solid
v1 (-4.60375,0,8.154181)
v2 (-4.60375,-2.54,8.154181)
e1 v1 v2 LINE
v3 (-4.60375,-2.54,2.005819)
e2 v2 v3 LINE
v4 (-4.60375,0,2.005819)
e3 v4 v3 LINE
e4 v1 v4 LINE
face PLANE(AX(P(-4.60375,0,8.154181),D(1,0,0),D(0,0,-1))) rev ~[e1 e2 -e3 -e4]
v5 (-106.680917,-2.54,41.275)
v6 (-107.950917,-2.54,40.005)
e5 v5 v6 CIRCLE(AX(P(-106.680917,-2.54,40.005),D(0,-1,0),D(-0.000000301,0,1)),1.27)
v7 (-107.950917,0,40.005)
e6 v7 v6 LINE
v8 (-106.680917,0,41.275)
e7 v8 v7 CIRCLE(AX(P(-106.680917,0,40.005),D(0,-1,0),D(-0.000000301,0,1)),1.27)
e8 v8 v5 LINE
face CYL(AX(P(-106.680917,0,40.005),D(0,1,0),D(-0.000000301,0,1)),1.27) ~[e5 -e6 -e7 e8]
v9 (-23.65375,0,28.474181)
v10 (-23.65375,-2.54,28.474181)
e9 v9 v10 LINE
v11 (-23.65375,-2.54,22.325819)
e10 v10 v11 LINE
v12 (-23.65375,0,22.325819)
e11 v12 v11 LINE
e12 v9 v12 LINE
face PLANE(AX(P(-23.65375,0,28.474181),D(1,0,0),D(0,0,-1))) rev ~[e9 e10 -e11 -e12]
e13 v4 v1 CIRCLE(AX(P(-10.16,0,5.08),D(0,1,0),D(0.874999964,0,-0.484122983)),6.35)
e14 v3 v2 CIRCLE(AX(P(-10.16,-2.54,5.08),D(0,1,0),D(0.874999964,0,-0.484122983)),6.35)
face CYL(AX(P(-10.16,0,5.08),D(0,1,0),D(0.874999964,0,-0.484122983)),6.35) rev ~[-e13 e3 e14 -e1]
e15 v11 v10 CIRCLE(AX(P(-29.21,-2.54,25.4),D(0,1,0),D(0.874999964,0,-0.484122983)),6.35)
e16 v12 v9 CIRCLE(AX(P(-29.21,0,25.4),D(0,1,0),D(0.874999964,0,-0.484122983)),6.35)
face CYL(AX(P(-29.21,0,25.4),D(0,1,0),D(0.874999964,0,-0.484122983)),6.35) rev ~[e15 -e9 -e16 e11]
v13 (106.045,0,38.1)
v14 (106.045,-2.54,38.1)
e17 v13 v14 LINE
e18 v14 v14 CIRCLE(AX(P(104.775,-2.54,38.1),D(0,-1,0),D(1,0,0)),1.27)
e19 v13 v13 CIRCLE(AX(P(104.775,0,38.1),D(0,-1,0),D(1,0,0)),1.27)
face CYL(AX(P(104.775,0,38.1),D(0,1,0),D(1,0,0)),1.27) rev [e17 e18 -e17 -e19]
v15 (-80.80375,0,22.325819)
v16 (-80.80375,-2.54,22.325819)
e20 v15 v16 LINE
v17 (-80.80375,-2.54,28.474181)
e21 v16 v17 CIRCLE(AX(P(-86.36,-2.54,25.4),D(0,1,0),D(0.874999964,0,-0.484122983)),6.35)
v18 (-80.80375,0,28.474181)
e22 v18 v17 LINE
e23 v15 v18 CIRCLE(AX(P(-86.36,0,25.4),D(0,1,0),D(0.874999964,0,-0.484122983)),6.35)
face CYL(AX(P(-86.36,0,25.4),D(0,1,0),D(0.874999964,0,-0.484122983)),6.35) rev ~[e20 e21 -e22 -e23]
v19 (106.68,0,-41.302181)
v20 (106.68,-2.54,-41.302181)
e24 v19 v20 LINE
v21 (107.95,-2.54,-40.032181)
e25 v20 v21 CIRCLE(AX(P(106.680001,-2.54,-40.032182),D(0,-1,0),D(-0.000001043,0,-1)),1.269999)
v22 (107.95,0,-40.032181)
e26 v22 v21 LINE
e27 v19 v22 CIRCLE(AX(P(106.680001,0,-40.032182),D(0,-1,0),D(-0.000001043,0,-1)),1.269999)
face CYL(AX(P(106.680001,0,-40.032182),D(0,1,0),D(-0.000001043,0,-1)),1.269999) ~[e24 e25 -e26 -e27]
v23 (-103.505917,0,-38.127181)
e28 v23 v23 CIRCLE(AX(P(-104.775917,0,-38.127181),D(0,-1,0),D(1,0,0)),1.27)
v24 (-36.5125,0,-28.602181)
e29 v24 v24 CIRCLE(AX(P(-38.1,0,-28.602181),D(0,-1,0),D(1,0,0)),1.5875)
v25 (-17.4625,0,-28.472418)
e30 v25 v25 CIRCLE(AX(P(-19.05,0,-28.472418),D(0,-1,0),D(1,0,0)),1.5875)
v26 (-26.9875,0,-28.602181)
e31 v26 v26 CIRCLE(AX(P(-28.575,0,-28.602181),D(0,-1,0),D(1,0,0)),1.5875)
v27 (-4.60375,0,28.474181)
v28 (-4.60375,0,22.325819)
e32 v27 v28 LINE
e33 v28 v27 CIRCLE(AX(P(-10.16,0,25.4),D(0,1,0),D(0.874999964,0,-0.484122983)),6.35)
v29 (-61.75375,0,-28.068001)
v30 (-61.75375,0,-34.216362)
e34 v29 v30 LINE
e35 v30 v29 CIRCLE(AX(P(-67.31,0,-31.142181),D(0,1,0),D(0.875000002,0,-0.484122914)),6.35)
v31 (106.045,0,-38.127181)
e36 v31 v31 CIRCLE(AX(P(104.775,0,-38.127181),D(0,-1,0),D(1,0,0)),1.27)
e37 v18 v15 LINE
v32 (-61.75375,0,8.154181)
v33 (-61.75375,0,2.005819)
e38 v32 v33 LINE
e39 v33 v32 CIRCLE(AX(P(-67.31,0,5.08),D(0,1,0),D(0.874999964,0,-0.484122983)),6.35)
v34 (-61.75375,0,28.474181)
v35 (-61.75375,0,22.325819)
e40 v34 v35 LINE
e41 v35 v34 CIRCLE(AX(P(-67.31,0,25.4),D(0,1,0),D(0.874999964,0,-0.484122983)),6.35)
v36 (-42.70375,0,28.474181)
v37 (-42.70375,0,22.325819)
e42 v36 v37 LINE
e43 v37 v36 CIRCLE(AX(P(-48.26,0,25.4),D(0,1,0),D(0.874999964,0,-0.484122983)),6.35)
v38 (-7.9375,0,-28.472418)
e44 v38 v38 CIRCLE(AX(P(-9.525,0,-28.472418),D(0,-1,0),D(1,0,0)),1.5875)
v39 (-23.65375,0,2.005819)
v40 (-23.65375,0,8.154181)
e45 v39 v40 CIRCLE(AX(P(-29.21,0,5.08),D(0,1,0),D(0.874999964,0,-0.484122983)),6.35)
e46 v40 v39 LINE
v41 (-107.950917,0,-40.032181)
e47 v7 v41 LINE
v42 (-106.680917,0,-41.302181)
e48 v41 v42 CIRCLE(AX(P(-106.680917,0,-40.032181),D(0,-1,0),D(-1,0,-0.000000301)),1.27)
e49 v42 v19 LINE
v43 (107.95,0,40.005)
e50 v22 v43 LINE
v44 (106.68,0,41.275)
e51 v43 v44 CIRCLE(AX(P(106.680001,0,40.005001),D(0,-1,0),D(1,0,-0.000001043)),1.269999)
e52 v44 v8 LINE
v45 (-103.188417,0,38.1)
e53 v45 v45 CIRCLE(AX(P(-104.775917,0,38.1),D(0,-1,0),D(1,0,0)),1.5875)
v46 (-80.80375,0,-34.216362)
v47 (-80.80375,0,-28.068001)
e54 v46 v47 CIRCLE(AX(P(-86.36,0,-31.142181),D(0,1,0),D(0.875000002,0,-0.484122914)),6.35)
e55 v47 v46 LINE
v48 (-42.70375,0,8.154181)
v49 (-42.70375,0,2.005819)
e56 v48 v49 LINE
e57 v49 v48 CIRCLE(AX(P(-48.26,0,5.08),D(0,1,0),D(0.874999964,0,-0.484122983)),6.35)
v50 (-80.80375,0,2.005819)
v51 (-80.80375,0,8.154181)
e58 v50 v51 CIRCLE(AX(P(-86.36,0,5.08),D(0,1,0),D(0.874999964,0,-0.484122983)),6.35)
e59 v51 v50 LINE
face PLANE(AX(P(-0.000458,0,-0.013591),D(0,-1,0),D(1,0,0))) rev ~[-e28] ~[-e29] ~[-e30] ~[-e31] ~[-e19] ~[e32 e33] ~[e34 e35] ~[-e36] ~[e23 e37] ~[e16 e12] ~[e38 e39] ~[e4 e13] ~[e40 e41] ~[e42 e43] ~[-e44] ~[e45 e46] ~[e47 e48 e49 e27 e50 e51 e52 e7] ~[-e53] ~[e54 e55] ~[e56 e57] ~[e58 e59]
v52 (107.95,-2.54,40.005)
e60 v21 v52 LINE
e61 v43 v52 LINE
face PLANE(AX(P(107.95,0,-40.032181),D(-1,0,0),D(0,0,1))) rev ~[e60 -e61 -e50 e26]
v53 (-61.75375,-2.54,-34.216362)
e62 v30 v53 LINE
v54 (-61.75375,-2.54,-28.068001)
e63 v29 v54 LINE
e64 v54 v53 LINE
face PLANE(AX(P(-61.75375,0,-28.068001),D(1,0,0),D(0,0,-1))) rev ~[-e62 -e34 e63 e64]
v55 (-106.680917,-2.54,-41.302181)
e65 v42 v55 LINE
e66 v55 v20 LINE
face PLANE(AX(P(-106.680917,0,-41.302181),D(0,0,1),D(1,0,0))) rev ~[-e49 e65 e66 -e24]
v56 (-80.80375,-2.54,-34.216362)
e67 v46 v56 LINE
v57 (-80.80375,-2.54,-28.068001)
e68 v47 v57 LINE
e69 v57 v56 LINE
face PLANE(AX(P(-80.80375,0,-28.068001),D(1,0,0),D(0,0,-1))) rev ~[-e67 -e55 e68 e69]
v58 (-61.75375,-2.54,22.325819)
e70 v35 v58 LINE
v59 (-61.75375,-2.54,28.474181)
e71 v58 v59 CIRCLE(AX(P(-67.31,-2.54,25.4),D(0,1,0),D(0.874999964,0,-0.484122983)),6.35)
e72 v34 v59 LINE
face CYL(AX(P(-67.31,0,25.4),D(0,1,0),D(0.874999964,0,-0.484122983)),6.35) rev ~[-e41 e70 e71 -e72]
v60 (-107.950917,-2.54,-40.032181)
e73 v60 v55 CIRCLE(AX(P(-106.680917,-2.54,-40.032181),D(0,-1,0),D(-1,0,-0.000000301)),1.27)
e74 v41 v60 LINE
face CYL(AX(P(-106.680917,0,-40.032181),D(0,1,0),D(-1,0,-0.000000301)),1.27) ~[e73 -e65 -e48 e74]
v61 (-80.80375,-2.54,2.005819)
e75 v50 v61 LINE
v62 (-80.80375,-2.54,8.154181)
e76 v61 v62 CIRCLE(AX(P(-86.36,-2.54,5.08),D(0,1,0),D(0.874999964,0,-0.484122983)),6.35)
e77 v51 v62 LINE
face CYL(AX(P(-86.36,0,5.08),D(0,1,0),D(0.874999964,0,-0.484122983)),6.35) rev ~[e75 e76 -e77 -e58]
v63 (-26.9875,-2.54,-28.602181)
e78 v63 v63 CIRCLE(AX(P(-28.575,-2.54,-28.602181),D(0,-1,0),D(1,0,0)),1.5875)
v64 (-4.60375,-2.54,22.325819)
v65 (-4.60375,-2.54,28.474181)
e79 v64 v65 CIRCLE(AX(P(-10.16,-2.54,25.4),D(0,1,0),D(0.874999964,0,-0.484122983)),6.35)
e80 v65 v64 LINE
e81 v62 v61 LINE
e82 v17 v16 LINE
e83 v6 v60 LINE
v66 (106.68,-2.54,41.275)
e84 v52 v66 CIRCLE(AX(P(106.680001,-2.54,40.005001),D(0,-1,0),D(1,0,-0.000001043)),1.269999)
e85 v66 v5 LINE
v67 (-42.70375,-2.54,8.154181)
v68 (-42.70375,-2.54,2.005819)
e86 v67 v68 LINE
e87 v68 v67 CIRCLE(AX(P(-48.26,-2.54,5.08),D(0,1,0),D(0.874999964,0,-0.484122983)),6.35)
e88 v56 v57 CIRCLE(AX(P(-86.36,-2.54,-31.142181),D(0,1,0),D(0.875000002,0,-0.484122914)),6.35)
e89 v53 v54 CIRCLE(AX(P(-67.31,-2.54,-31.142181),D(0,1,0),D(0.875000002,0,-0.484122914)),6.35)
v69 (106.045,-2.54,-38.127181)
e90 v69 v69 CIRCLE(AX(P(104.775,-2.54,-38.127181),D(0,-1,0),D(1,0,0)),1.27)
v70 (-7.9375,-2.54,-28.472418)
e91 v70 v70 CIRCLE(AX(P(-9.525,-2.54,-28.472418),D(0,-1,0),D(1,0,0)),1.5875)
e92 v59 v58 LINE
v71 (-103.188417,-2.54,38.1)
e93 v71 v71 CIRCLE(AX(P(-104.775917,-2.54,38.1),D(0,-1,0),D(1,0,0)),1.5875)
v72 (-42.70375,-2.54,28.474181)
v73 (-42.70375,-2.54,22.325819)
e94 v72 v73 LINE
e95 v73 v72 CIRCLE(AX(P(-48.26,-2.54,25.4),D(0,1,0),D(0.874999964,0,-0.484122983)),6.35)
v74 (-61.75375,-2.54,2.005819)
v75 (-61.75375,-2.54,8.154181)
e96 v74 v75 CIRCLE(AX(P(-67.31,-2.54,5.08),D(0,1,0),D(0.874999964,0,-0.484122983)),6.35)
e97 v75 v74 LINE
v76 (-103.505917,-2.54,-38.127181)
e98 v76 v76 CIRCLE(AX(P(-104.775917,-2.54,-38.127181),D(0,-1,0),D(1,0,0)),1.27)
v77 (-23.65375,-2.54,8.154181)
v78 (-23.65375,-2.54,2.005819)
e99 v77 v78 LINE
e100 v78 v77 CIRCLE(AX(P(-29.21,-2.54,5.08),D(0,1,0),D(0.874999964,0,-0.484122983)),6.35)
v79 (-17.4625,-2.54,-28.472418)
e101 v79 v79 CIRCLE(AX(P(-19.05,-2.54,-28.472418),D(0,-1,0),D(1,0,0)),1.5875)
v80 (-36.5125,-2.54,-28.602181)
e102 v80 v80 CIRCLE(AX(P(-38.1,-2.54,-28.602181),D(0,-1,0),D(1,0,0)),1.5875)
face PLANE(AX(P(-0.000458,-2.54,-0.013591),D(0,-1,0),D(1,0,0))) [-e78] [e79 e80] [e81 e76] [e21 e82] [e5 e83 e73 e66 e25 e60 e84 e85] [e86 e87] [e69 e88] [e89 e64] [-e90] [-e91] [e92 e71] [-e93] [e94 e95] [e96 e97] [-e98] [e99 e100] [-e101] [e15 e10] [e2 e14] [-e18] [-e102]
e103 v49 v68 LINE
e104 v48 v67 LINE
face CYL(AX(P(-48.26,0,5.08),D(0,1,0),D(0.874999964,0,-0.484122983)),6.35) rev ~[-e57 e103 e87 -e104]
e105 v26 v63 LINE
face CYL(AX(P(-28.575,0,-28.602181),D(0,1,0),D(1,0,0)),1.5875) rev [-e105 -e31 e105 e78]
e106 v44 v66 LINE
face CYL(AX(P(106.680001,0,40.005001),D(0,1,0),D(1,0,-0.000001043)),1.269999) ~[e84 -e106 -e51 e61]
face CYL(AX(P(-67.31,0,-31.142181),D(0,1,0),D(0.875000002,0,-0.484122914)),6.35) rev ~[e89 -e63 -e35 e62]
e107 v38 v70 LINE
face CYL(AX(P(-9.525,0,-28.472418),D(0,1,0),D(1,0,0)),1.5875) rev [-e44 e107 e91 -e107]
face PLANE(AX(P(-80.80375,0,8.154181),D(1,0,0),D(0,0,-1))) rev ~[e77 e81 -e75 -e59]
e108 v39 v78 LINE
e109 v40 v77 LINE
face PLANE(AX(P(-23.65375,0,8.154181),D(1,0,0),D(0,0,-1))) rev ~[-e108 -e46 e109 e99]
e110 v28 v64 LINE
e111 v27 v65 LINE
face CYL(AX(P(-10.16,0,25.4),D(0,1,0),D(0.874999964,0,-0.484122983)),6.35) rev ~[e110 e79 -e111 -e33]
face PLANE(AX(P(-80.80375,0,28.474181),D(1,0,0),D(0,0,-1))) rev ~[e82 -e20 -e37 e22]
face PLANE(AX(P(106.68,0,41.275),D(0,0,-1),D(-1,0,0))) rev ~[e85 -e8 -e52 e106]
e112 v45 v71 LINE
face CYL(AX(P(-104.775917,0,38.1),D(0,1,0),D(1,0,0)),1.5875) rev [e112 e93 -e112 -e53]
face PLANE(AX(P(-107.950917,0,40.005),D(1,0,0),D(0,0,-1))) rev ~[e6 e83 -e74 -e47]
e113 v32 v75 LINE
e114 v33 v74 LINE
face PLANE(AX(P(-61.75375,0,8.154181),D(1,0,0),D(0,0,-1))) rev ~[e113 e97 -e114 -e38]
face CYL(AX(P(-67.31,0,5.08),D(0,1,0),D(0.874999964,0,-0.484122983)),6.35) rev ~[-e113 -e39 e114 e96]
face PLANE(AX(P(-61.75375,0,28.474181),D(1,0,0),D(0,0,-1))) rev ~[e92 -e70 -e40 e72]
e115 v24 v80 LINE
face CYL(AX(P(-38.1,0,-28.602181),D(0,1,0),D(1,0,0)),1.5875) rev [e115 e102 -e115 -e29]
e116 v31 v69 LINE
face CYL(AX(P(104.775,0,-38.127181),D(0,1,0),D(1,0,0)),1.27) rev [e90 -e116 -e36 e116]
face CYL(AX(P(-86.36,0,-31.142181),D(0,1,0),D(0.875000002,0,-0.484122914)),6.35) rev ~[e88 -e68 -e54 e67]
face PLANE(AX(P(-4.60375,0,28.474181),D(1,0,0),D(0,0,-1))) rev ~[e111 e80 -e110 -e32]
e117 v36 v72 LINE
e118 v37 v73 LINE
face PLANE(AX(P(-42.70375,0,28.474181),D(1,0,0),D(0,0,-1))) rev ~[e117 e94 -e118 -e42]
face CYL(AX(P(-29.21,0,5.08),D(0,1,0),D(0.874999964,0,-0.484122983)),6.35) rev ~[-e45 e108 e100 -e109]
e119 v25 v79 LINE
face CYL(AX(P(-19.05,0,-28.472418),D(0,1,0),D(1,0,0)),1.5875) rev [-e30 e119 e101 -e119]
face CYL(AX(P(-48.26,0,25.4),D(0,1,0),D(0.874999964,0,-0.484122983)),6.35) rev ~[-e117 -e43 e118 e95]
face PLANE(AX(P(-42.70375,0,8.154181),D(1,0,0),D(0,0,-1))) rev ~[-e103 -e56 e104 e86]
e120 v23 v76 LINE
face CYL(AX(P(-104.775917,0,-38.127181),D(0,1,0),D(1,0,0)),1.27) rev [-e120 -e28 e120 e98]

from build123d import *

# Parameters (mm, degrees)
F0_R     = 1.27
F0_R_2   = 1.5875
F1_DEPTH = 2.54


with BuildPart() as f1:
    # F0 (on Front) → F1 (new body)
    with BuildSketch(Plane.XZ):
        with BuildLine():
            Line((106.68, 41.275), (-106.680917, 41.275))
            ThreePointArc((-106.680917, 41.275), (-107.578942, 40.903026), (-107.950917, 40.005))
            Line((-107.950917, 40.005), (-107.950917, -40.032181))
            ThreePointArc((-107.950917, -40.032181), (-107.578942, -40.930207), (-106.680917, -41.302181))
            Line((-106.680917, -41.302181), (106.68, -41.302181))
            ThreePointArc((106.68, -41.302181), (107.578026, -40.930207), (107.95, -40.032181))
            Line((107.95, -40.032181), (107.95, 40.005))
            ThreePointArc((107.95, 40.005), (107.578026, 40.903026), (106.68, 41.275))
        make_face()
        with Locations((-104.775917, -38.127181)):
            Circle(F0_R, mode=Mode.SUBTRACT)
        with BuildLine():
            ThreePointArc((-80.80375, -34.216362), (-92.71, -31.142181), (-80.80375, -28.068001))
            Line((-80.80375, -28.068001), (-80.80375, -34.216362))
        make_face(mode=Mode.SUBTRACT)
        with BuildLine():
            ThreePointArc((-61.75375, -34.216362), (-73.66, -31.142181), (-61.75375, -28.068001))
            Line((-61.75375, -28.068001), (-61.75375, -34.216362))
        make_face(mode=Mode.SUBTRACT)
        with Locations((-38.1, -28.602181)):
            Circle(F0_R_2, mode=Mode.SUBTRACT)
        with Locations((-28.575, -28.602181)):
            Circle(F0_R_2, mode=Mode.SUBTRACT)
        with Locations((-19.05, -28.472418)):
            Circle(F0_R_2, mode=Mode.SUBTRACT)
        with Locations((-9.525, -28.472418)):
            Circle(F0_R_2, mode=Mode.SUBTRACT)
        with Locations((104.775, -38.127181)):
            Circle(F0_R, mode=Mode.SUBTRACT)
        with BuildLine():
            ThreePointArc((-80.80375, 2.005819), (-92.71, 5.08), (-80.80375, 8.154181))
            Line((-80.80375, 8.154181), (-80.80375, 2.005819))
        make_face(mode=Mode.SUBTRACT)
        with BuildLine():
            ThreePointArc((-61.75375, 2.005819), (-73.66, 5.08), (-61.75375, 8.154181))
            Line((-61.75375, 8.154181), (-61.75375, 2.005819))
        make_face(mode=Mode.SUBTRACT)
        with BuildLine():
            ThreePointArc((-42.70375, 2.005819), (-54.61, 5.08), (-42.70375, 8.154181))
            Line((-42.70375, 8.154181), (-42.70375, 2.005819))
        make_face(mode=Mode.SUBTRACT)
        with BuildLine():
            ThreePointArc((-23.65375, 2.005819), (-35.56, 5.08), (-23.65375, 8.154181))
            Line((-23.65375, 8.154181), (-23.65375, 2.005819))
        make_face(mode=Mode.SUBTRACT)
        with BuildLine():
            ThreePointArc((-4.60375, 2.005819), (-16.51, 5.08), (-4.60375, 8.154181))
            Line((-4.60375, 8.154181), (-4.60375, 2.005819))
        make_face(mode=Mode.SUBTRACT)
        with BuildLine():
            ThreePointArc((-80.80375, 22.325819), (-92.71, 25.4), (-80.80375, 28.474181))
            Line((-80.80375, 28.474181), (-80.80375, 22.325819))
        make_face(mode=Mode.SUBTRACT)
        with BuildLine():
            ThreePointArc((-61.75375, 22.325819), (-73.66, 25.4), (-61.75375, 28.474181))
            Line((-61.75375, 28.474181), (-61.75375, 22.325819))
        make_face(mode=Mode.SUBTRACT)
        with Locations((-104.775917, 38.1)):
            Circle(F0_R_2, mode=Mode.SUBTRACT)
        with BuildLine():
            ThreePointArc((-42.70375, 22.325819), (-54.61, 25.4), (-42.70375, 28.474181))
            Line((-42.70375, 28.474181), (-42.70375, 22.325819))
        make_face(mode=Mode.SUBTRACT)
        with BuildLine():
            ThreePointArc((-23.65375, 22.325819), (-35.56, 25.4), (-23.65375, 28.474181))
            Line((-23.65375, 28.474181), (-23.65375, 22.325819))
        make_face(mode=Mode.SUBTRACT)
        with BuildLine():
            ThreePointArc((-4.60375, 22.325819), (-16.51, 25.4), (-4.60375, 28.474181))
            Line((-4.60375, 28.474181), (-4.60375, 22.325819))
        make_face(mode=Mode.SUBTRACT)
        with Locations((104.775, 38.1)):
            Circle(F0_R, mode=Mode.SUBTRACT)
    extrude(amount=F1_DEPTH)


solid = f1.part
